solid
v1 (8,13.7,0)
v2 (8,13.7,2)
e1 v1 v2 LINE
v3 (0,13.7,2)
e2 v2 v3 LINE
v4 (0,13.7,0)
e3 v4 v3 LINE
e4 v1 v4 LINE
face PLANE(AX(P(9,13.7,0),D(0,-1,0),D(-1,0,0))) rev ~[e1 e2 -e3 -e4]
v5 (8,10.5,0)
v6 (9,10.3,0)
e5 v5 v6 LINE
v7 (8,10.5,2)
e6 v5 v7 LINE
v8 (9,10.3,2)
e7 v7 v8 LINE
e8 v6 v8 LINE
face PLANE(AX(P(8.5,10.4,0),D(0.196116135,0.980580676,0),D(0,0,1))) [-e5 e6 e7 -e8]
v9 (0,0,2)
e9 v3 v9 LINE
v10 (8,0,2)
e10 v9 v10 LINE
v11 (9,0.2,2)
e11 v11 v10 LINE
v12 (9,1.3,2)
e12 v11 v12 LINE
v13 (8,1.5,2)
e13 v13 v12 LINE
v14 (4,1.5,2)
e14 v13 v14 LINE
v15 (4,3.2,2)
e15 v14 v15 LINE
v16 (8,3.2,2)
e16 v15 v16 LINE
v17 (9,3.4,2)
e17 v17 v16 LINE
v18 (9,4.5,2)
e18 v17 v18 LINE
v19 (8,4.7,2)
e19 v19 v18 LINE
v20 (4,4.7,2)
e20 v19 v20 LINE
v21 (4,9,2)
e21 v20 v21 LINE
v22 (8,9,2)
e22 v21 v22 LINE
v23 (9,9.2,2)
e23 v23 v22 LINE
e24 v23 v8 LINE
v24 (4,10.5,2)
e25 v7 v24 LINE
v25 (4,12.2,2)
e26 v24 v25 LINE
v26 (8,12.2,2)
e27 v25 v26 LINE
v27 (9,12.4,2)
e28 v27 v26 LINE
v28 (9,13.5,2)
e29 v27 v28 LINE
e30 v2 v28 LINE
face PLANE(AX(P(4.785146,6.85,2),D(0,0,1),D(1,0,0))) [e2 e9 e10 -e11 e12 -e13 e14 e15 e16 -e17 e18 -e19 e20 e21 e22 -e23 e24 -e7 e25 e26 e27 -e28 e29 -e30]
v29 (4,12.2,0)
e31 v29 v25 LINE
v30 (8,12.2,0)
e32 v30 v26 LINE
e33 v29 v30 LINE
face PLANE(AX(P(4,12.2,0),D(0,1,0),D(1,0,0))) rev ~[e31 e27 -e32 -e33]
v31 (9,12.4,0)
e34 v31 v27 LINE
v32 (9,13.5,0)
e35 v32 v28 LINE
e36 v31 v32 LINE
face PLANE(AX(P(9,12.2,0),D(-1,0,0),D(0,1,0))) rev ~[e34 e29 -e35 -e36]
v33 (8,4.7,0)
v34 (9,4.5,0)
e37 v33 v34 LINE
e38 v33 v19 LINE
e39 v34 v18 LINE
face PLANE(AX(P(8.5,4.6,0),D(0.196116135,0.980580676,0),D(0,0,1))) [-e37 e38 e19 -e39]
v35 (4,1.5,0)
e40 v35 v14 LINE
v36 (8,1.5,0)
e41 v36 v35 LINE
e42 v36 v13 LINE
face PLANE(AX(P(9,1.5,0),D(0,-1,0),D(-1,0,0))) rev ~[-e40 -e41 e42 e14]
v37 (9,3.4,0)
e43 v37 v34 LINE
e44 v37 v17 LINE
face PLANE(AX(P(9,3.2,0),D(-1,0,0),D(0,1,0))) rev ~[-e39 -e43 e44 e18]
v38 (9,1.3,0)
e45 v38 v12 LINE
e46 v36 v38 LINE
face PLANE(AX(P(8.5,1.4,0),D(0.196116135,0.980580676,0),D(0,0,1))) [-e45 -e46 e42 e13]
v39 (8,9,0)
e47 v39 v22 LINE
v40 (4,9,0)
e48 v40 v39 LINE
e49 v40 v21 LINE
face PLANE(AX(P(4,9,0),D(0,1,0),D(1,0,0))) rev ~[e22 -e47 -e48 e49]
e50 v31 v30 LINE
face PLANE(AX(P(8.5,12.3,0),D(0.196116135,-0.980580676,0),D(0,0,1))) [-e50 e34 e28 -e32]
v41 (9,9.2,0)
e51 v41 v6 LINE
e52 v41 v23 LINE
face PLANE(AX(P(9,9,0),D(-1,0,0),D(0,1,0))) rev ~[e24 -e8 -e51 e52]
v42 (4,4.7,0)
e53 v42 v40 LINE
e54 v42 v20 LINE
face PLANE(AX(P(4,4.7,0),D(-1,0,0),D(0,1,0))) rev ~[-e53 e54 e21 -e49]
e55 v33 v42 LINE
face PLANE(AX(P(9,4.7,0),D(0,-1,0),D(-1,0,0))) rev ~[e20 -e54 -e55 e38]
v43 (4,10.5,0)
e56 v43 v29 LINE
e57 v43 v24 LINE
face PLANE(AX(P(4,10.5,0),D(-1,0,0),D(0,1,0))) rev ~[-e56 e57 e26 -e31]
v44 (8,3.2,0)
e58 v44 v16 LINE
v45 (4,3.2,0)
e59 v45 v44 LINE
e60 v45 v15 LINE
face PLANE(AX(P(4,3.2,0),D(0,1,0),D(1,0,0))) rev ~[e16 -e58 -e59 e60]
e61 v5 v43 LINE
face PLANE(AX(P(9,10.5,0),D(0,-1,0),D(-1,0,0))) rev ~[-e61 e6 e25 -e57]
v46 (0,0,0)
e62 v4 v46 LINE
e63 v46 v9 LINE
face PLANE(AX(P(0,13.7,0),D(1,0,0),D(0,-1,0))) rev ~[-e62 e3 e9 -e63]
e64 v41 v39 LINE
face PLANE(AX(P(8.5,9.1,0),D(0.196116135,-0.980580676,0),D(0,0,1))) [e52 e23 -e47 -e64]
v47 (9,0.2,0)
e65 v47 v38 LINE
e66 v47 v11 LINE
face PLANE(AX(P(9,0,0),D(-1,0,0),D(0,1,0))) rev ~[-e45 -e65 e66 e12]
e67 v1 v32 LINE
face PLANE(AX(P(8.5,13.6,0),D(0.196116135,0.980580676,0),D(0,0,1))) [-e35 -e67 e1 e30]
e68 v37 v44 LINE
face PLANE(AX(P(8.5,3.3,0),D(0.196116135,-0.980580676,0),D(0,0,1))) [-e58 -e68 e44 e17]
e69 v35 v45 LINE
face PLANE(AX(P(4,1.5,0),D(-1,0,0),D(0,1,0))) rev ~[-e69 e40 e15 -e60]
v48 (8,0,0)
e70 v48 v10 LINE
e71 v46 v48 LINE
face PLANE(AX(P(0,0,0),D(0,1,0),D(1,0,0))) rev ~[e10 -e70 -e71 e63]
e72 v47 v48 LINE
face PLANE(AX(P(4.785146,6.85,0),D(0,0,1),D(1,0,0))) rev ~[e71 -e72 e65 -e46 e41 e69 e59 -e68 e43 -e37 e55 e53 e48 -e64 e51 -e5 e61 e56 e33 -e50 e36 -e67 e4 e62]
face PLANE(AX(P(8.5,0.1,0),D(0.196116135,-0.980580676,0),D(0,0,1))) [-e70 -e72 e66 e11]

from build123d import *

# Parameters (mm, degrees)
F1_DEPTH   = 2
F2_SIZE2   = 1
F2_SIZE    = 0.2
F2_2_SIZE2 = 1
F2_2_SIZE  = 0.2
F2_3_SIZE2 = 1
F2_3_SIZE  = 0.2
F2_4_SIZE2 = 1
F2_4_SIZE  = 0.2
F3_SIZE2   = 0.2
F3_SIZE    = 1
F3_2_SIZE2 = 0.2
F3_2_SIZE  = 1
F3_3_SIZE2 = 0.2
F3_3_SIZE  = 1
F3_4_SIZE2 = 0.2
F3_4_SIZE  = 1


with BuildPart() as f1:
    # F0 (on Top) → F1 (new body)
    with BuildSketch(Plane.XY):
        Polygon((0, 13.7), (0, 0), (9, 0), (9, 1.5), (4, 1.5), (4, 3.2), (9, 3.2), (9, 4.7), (4, 4.7), (4, 9), (9, 9), (9, 10.5), (4, 10.5), (4, 12.2), (9, 12.2), (9, 13.7), (4, 13.7), align=None)
    extrude(amount=F1_DEPTH)

    # F2
    f2_edges = [f1.edges().sort_by_distance(p)[0] for p in [
        (9, 12.2, 1),
    ]]
    f2_side = f1.faces().sort_by_distance((9, 12.95, 1))[0]
    chamfer(f2_edges, length=F2_SIZE, length2=F2_SIZE2, reference=f2_side)

    # F2#2
    f2_2_edges = [f1.edges().sort_by_distance(p)[0] for p in [
        (9, 9, 1),
    ]]
    f2_2_side = f1.faces().sort_by_distance((9, 9.75, 1))[0]
    chamfer(f2_2_edges, length=F2_2_SIZE, length2=F2_2_SIZE2, reference=f2_2_side)

    # F2#3
    f2_3_edges = [f1.edges().sort_by_distance(p)[0] for p in [
        (9, 3.2, 1),
    ]]
    f2_3_side = f1.faces().sort_by_distance((9, 3.95, 1))[0]
    chamfer(f2_3_edges, length=F2_3_SIZE, length2=F2_3_SIZE2, reference=f2_3_side)

    # F2#4
    f2_4_edges = [f1.edges().sort_by_distance(p)[0] for p in [
        (9, 0, 1),
    ]]
    f2_4_side = f1.faces().sort_by_distance((9, 0.75, 1))[0]
    chamfer(f2_4_edges, length=F2_4_SIZE, length2=F2_4_SIZE2, reference=f2_4_side)

    # F3
    f3_edges = [f1.edges().sort_by_distance(p)[0] for p in [
        (9, 10.5, 1),
    ]]
    f3_side = f1.faces().sort_by_distance((6.5, 10.5, 1))[0]
    chamfer(f3_edges, length=F3_SIZE, length2=F3_SIZE2, reference=f3_side)

    # F3#2
    f3_2_edges = [f1.edges().sort_by_distance(p)[0] for p in [
        (9, 4.7, 1),
    ]]
    f3_2_side = f1.faces().sort_by_distance((6.5, 4.7, 1))[0]
    chamfer(f3_2_edges, length=F3_2_SIZE, length2=F3_2_SIZE2, reference=f3_2_side)

    # F3#3
    f3_3_edges = [f1.edges().sort_by_distance(p)[0] for p in [
        (9, 1.5, 1),
    ]]
    f3_3_side = f1.faces().sort_by_distance((6.5, 1.5, 1))[0]
    chamfer(f3_3_edges, length=F3_3_SIZE, length2=F3_3_SIZE2, reference=f3_3_side)

    # F3#4
    f3_4_edges = [f1.edges().sort_by_distance(p)[0] for p in [
        (9, 13.7, 1),
    ]]
    f3_4_side = f1.faces().sort_by_distance((4.5, 13.7, 1))[0]
    chamfer(f3_4_edges, length=F3_4_SIZE, length2=F3_4_SIZE2, reference=f3_4_side)


solid = f1.part
